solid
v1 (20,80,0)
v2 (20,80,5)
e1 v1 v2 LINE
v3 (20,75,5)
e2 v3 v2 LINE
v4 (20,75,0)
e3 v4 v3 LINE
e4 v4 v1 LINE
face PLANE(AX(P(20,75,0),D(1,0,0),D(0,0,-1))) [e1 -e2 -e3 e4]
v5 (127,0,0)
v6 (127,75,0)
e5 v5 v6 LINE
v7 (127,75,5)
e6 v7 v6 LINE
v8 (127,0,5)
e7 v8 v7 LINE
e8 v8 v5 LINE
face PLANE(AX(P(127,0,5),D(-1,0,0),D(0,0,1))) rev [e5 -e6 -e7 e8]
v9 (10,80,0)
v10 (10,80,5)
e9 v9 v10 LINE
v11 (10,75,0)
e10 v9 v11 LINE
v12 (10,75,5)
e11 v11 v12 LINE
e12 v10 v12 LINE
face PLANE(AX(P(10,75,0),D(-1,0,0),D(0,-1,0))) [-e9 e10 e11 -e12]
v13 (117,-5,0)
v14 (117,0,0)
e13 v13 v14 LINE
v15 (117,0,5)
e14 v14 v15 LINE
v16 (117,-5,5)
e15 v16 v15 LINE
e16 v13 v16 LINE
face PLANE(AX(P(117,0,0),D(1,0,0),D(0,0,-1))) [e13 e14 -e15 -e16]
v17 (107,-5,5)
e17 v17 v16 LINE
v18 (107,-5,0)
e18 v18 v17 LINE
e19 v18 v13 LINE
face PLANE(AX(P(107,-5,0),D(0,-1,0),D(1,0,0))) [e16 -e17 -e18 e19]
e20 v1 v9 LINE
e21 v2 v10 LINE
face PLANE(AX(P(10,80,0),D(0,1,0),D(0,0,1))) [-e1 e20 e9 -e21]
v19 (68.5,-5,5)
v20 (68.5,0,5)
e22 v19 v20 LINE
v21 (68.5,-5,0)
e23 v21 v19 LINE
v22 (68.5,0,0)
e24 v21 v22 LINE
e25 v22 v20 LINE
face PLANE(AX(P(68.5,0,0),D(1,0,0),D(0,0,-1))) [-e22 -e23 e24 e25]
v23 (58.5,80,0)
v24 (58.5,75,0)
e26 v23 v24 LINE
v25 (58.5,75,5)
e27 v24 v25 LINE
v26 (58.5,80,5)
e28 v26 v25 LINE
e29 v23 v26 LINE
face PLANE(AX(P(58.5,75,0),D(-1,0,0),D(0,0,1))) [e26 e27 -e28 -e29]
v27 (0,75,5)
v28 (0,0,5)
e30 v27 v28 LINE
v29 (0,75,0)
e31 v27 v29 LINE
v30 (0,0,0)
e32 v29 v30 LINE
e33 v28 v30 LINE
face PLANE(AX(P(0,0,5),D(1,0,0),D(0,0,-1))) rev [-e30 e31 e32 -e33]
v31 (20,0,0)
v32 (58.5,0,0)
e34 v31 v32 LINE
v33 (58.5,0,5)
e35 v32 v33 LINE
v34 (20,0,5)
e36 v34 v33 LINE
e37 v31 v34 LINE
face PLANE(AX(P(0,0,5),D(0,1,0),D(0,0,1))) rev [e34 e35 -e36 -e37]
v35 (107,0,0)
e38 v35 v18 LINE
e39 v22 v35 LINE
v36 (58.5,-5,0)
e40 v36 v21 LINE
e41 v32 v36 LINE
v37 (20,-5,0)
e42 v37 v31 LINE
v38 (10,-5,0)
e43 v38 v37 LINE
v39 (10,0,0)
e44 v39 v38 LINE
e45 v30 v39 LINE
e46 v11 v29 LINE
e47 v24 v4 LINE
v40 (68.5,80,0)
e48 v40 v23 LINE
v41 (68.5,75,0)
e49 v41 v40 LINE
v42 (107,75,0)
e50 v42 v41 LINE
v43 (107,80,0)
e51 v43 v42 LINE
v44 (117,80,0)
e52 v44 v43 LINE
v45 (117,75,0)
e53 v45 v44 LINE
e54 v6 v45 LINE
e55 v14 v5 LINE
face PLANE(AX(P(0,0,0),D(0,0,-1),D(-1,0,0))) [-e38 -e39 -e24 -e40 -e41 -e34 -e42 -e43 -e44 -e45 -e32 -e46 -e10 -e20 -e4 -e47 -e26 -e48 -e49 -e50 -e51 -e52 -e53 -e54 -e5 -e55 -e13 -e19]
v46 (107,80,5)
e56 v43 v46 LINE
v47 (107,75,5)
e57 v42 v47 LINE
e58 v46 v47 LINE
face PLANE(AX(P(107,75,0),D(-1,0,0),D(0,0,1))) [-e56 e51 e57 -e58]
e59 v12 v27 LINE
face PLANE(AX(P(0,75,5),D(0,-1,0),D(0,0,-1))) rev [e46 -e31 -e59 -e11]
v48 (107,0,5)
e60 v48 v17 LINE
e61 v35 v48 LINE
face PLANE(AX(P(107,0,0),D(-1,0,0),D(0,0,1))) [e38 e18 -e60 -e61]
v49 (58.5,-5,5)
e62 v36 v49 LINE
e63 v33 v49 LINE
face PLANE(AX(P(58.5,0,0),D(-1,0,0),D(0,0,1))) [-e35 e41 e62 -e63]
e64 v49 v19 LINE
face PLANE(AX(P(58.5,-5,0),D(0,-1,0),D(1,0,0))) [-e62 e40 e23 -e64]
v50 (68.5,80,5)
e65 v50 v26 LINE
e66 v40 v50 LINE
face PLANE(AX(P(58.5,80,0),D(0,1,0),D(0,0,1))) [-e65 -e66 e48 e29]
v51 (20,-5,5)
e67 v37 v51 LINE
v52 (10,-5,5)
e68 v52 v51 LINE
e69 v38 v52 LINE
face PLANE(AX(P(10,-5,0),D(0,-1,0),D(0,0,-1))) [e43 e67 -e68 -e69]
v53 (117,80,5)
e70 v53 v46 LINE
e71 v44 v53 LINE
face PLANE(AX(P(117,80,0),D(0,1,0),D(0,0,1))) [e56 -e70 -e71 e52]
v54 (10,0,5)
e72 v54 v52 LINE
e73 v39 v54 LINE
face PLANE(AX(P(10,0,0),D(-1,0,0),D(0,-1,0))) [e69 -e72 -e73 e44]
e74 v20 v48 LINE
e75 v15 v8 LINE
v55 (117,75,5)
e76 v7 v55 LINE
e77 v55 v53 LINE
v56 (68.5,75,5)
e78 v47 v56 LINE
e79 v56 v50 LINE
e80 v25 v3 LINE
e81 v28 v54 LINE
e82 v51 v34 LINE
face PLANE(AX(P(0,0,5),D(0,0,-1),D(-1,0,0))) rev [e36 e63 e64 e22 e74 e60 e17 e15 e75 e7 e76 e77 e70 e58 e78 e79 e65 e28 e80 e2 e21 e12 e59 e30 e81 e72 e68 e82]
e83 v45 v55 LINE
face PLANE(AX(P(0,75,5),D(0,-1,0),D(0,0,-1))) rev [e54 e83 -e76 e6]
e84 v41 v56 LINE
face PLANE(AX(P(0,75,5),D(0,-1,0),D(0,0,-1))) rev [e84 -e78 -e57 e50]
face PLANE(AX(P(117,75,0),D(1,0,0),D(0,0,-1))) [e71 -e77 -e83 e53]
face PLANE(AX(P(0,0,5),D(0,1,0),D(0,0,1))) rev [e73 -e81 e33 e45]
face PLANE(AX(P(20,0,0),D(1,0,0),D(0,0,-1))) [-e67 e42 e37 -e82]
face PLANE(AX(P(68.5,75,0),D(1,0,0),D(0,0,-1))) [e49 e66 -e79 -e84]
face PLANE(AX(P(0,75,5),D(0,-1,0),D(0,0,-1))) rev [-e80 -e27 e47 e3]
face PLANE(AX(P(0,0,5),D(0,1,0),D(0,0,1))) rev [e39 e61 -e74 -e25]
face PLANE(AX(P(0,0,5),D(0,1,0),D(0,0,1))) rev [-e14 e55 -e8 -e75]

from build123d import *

# Parameters (mm, degrees)
ESQUISSE1_W        = 127
ESQUISSE1_H        = 75
BOSS_EXTRU_1_DEPTH = 5
ESQUISSE2_W        = 10
ESQUISSE2_H        = 5
BOSS_EXTRU_2_DEPTH = 5


with BuildPart() as part:
    # Esquisse1 → Boss.-Extru.1 (new body)
    with BuildSketch(Plane.XY):
        with Locations((63.5, 37.5)):
            Rectangle(ESQUISSE1_W, ESQUISSE1_H)
    extrude(amount=BOSS_EXTRU_1_DEPTH)

    # Esquisse2 → Boss.-Extru.2 (add)
    with BuildSketch(Plane.XY.offset(5)):
        with Locations((15, 77.5)):
            Rectangle(ESQUISSE2_W, ESQUISSE2_H)
        with Locations((112, 77.5)):
            Rectangle(ESQUISSE2_W, ESQUISSE2_H)
        with Locations((63.5, 77.5)):
            Rectangle(ESQUISSE2_W, ESQUISSE2_H)
        with Locations((15, -2.5)):
            Rectangle(ESQUISSE2_W, ESQUISSE2_H)
        with Locations((63.5, -2.5)):
            Rectangle(ESQUISSE2_W, ESQUISSE2_H)
        with Locations((112, -2.5)):
            Rectangle(ESQUISSE2_W, ESQUISSE2_H)
    extrude(amount=-BOSS_EXTRU_2_DEPTH)


solid = part.part
